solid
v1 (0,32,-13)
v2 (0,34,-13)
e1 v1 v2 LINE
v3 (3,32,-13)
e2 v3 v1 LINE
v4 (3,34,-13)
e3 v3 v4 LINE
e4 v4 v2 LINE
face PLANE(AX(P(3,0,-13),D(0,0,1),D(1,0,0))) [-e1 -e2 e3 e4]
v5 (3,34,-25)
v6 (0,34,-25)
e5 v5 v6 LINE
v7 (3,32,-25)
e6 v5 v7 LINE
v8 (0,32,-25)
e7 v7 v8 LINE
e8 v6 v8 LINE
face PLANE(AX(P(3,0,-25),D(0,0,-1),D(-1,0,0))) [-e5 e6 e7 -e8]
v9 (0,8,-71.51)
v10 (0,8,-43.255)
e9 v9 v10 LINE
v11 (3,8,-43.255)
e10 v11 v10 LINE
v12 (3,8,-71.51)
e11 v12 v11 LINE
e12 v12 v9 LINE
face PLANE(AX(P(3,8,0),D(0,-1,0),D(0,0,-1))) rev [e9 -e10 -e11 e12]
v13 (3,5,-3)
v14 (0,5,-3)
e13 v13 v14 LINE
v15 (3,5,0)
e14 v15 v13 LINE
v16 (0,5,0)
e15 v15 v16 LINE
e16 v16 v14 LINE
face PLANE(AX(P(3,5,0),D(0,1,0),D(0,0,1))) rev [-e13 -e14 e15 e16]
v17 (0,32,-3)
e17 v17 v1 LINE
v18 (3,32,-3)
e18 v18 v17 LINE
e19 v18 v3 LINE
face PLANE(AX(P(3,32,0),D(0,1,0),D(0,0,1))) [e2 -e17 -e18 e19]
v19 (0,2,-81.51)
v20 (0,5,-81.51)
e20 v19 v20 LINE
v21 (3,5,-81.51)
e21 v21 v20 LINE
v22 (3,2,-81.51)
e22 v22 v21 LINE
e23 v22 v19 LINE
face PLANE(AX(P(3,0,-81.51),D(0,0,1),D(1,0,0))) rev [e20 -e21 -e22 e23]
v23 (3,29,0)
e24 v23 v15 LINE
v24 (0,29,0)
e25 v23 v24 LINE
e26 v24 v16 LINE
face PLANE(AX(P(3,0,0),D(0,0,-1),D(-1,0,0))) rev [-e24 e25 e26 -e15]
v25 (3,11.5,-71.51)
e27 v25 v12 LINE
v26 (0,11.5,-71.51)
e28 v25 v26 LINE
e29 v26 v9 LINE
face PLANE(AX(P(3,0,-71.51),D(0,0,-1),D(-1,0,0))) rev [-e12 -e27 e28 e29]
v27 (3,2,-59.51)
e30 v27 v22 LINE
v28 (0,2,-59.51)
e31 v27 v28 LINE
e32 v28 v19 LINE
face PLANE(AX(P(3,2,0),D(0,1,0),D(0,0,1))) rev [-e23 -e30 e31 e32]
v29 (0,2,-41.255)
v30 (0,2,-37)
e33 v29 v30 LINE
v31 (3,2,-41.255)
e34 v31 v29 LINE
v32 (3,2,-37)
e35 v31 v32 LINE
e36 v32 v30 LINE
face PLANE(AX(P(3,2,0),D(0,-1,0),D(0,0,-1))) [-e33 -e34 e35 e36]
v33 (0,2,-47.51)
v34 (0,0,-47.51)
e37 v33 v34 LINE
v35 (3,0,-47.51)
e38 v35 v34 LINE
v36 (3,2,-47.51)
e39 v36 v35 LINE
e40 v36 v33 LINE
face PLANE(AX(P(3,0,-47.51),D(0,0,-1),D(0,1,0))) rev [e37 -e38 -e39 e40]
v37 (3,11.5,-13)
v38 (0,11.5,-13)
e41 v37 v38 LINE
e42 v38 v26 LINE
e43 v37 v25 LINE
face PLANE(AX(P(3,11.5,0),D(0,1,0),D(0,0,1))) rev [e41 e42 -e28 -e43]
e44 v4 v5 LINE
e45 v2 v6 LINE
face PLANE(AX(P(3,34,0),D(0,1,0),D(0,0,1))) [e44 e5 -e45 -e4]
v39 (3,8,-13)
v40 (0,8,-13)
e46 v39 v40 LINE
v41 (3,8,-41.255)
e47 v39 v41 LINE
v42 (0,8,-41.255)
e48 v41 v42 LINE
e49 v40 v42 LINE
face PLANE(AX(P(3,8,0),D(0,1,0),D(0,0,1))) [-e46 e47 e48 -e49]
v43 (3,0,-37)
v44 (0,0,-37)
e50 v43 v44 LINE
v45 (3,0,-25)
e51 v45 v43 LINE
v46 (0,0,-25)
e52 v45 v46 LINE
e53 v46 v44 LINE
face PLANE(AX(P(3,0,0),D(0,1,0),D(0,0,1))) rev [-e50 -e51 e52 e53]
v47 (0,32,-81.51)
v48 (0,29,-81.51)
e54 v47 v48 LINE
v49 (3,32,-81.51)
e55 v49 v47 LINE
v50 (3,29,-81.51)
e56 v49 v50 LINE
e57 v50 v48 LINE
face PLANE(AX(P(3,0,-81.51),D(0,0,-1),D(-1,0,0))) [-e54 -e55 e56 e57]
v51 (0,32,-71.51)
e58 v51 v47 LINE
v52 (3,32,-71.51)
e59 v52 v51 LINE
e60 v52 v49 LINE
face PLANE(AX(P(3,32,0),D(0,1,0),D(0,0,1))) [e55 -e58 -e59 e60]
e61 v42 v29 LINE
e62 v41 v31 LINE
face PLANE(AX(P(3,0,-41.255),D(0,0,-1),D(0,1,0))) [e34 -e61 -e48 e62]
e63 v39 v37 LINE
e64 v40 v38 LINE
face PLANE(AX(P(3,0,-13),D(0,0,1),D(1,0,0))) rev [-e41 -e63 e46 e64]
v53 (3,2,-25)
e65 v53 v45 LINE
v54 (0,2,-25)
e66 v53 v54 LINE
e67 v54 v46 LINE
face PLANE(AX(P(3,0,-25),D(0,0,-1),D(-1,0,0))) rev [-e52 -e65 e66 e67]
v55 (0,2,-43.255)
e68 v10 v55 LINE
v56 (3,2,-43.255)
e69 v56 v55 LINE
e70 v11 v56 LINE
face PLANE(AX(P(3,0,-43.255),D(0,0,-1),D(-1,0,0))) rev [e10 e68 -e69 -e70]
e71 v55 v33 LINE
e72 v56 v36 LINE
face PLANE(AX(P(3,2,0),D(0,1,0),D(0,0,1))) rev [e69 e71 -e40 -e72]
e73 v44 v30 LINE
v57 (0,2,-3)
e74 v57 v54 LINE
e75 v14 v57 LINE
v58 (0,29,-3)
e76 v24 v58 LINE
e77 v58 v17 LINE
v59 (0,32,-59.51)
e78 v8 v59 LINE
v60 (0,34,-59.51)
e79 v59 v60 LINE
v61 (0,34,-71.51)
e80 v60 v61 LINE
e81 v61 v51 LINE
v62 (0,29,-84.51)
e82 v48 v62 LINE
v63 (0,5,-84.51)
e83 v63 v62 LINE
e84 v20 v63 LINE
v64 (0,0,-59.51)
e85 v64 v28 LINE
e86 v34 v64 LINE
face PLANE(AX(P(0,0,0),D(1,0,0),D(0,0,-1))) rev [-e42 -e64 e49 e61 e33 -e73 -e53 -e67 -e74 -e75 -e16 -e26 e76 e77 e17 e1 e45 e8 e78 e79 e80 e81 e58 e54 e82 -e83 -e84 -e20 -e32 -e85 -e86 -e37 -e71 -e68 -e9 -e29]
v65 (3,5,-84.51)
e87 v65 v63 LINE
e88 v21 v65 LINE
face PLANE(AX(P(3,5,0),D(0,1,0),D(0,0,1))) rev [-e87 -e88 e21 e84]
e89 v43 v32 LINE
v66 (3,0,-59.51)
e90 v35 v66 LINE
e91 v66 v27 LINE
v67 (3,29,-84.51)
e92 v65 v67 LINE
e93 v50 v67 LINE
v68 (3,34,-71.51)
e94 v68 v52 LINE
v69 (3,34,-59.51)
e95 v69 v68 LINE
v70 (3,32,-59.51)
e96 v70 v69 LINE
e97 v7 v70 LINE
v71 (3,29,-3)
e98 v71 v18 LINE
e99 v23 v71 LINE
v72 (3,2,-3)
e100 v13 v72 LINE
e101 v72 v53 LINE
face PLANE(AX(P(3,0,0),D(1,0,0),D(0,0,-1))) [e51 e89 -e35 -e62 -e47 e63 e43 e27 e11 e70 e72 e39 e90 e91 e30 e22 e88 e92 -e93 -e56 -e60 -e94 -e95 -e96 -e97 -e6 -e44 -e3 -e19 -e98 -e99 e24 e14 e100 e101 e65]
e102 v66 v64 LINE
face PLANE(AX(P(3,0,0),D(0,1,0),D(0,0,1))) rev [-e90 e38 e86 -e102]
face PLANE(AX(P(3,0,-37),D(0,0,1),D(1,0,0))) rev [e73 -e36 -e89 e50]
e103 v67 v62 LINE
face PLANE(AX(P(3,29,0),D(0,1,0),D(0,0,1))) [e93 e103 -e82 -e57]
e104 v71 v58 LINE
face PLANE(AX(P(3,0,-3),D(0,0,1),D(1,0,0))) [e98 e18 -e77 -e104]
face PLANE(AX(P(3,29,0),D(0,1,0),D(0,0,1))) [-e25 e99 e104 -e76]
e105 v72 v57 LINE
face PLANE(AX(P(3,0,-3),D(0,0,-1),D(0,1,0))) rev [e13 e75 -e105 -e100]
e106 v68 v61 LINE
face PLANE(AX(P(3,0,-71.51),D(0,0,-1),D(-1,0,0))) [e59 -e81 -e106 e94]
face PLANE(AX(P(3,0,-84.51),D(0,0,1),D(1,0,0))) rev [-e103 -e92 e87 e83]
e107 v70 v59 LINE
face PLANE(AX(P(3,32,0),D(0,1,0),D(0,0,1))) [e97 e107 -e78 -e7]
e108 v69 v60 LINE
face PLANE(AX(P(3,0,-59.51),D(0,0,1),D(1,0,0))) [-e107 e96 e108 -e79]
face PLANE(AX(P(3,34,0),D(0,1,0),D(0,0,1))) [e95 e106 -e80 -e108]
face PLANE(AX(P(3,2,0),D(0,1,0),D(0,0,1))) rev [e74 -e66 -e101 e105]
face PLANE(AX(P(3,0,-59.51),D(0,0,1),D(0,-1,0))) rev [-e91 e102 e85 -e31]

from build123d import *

# Parameters (mm, degrees)
BOSS_EXTRUDE1_DEPTH = 3


with BuildPart() as part:
    # Sketch1 → Boss-Extrude1 (new body)
    with BuildSketch(Plane(origin=(0, 0, 0), x_dir=(0, 0, -1), z_dir=(1, 0, 0))):
        Polygon((25, 2), (25, 0), (37, 0), (37, 2), (41.255, 2), (41.255, 8), (13, 8), (13, 11.5), (71.51, 11.5), (71.51, 8), (43.255, 8), (43.255, 2), (47.51, 2), (47.51, 0), (59.51, 0), (59.51, 2), (81.51, 2), (81.51, 5), (84.51, 5), (84.51, 29), (81.51, 29), (81.51, 32), (71.51, 32), (71.51, 34), (59.51, 34), (59.51, 32), (25, 32), (25, 34), (13, 34), (13, 32), (3, 32), (3, 29), (0, 29), (0, 5), (3, 5), (3, 2), align=None)
    extrude(amount=BOSS_EXTRUDE1_DEPTH)


solid = part.part
